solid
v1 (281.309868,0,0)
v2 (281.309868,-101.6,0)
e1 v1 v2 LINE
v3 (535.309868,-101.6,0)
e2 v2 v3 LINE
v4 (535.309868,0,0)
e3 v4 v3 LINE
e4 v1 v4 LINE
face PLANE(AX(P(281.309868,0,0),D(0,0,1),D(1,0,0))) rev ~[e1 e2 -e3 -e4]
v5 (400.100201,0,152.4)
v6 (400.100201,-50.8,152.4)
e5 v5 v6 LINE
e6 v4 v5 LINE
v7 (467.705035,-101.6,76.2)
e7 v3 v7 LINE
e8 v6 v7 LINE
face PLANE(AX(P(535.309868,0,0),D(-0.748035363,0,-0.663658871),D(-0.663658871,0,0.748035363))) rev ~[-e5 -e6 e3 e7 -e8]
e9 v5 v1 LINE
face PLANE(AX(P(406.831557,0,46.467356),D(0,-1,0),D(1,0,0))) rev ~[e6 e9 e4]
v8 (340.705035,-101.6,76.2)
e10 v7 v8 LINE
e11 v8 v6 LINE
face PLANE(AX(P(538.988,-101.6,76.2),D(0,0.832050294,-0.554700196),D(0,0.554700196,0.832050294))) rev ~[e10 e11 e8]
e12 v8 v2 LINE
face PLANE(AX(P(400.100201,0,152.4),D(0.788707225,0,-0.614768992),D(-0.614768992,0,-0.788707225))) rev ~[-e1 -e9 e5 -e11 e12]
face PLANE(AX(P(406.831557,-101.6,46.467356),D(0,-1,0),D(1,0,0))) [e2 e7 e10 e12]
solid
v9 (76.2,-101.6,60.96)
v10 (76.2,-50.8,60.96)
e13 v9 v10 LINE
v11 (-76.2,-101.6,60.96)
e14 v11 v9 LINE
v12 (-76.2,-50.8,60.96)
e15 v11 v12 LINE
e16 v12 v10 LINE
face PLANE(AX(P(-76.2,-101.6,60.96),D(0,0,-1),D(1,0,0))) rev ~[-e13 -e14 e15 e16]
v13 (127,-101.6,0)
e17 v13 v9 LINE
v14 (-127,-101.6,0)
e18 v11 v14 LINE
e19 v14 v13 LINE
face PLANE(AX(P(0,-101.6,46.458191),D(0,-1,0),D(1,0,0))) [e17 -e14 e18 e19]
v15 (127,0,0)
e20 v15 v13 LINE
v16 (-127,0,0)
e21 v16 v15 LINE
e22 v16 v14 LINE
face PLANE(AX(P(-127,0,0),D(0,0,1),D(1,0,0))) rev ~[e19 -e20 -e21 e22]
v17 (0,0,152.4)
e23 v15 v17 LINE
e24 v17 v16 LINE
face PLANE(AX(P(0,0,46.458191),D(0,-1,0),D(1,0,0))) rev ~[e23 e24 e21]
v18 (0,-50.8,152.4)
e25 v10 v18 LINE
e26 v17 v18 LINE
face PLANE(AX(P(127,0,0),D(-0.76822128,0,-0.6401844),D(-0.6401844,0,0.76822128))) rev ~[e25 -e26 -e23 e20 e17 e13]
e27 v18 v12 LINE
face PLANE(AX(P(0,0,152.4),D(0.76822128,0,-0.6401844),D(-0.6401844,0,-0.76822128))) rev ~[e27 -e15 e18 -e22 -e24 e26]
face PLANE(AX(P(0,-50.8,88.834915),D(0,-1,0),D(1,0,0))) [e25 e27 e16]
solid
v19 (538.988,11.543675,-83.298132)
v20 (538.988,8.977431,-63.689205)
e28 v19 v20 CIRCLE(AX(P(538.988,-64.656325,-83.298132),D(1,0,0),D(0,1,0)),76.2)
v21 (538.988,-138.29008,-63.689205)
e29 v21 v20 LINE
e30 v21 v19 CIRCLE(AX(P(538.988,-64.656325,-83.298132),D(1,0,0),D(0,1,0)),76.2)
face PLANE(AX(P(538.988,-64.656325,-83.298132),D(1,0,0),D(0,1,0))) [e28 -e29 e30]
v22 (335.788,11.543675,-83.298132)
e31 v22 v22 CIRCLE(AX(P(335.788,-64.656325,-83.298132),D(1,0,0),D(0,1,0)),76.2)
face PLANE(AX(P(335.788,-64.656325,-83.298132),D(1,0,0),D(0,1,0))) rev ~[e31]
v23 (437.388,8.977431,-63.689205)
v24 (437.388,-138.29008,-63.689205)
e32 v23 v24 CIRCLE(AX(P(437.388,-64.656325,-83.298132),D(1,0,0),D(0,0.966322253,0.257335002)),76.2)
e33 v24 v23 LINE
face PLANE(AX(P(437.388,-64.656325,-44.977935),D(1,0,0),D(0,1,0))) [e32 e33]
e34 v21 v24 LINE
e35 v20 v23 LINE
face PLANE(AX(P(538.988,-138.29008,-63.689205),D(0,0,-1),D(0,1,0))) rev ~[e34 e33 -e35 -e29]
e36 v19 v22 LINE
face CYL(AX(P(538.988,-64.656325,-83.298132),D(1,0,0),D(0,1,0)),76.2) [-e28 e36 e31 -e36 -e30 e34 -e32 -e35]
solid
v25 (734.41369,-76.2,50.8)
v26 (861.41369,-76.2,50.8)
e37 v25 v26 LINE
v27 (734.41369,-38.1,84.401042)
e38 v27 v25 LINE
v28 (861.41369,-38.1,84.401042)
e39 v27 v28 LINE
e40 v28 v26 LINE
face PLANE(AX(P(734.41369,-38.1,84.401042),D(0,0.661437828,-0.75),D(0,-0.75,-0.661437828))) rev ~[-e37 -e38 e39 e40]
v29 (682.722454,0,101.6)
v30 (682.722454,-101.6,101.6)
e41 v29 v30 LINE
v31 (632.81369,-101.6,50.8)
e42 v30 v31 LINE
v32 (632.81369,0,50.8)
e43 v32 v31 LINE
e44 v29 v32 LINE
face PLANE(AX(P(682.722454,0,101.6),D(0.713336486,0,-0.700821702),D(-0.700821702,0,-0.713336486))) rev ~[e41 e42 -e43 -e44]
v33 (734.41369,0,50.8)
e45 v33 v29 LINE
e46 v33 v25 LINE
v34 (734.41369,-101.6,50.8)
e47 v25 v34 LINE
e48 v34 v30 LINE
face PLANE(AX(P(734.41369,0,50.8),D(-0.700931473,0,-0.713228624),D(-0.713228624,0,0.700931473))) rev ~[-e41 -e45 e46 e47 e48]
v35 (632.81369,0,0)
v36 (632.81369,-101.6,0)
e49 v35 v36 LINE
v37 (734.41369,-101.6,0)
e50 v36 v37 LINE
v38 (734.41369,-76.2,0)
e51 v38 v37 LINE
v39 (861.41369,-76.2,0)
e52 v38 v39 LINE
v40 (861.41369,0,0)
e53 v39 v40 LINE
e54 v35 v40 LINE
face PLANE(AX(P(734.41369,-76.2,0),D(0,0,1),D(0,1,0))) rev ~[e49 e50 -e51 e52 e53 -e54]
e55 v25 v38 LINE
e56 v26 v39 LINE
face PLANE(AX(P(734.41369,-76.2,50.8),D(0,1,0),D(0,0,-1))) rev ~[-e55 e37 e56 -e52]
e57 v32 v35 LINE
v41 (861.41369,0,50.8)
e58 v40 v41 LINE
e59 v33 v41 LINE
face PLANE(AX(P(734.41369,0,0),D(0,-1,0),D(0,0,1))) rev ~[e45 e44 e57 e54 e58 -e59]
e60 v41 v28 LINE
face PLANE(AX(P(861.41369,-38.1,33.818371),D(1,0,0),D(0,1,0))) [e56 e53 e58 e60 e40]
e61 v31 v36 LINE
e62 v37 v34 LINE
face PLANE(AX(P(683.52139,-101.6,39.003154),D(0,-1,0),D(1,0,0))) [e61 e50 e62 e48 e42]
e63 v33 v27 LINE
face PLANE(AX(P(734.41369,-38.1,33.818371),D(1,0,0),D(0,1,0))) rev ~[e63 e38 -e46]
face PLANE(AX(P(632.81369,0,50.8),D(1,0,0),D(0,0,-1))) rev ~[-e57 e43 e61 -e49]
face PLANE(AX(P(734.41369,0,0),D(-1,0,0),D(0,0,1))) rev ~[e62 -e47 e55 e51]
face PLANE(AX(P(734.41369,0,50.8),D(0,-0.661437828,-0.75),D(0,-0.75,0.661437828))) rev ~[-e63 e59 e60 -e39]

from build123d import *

# Parameters (mm, degrees)
F1_DEPTH  = 101.6
F3_DEPTH  = 50.8
F5_DEPTH  = 101.6
F8_DEPTH  = 241.3
F10_DEPTH = 101.6
F12_DEPTH = 127
F13_R     = 76.2
F14_DEPTH = 203.2
F16_DEPTH = 101.6


with BuildPart() as f1:
    # F0 (on Front) → F1 (new body)
    with BuildSketch(Plane.XZ):
        Polygon((0, 152.4), (-127, 0), (127, 0), align=None)
    extrude(amount=F1_DEPTH)

    # F2 (on face) → F3 (cut)
    with BuildSketch(Plane.XZ.offset(101.6)):
        Polygon((0, 152.4), (-76.2, 60.96), (76.2, 60.96), align=None)
    extrude(amount=-F3_DEPTH, mode=Mode.SUBTRACT)


with BuildPart() as f5:
    # F4 (on Front) → F5 (new body)
    with BuildSketch(Plane.XZ):
        Polygon((400.1002013683, 152.4), (281.3098678292, 0), (535.3098678292, 0), align=None)
    extrude(amount=F5_DEPTH)

    # F7 (on offset) → F8 (cut)
    with BuildSketch(Plane.YZ.offset(538.988)):
        Polygon((-101.6, 152.4), (-101.6, 76.2), (-50.8, 152.4), align=None)
    extrude(amount=-F8_DEPTH, mode=Mode.SUBTRACT)


with BuildPart() as f10:
    # F9 (on Front) → F10 (new body)
    with BuildSketch(Plane.XZ):
        Polygon((682.7224542772, 101.6), (632.8136901141, 50.8), (632.8136901141, 0), (734.4136901141, 0), (734.4136901141, 50.8), align=None)
    extrude(amount=F10_DEPTH)

    # F11 (on face) → F12 (join)
    with BuildSketch(Plane.YZ.offset(734.4136901141)):
        Polygon((-76.2, 0), (0, 0), (0, 50.8), (-38.1, 84.4010416505), (-76.2, 50.8), align=None)
    extrude(amount=F12_DEPTH)


with BuildPart() as f14:
    # F13 (on offset) → F14 (new body)
    with BuildSketch(Plane.YZ.offset(538.988)):
        with Locations((-64.6563246846, -83.2981318235)):
            Circle(F13_R)
    extrude(amount=-F14_DEPTH)

    # F15 (on face) → F16 (cut)
    with BuildSketch(Plane.YZ.offset(538.988)):
        with BuildLine():
            ThreePointArc((8.9774310058, -63.6892047005), (-64.6563246846, -7.0981318235), (-138.2900803751, -63.6892047005))
            Line((-138.2900803751, -63.6892047005), (8.9774310058, -63.6892047005))
        make_face()
    extrude(amount=-F16_DEPTH, mode=Mode.SUBTRACT)


solid = Compound([f1.part, f5.part, f10.part, f14.part])
